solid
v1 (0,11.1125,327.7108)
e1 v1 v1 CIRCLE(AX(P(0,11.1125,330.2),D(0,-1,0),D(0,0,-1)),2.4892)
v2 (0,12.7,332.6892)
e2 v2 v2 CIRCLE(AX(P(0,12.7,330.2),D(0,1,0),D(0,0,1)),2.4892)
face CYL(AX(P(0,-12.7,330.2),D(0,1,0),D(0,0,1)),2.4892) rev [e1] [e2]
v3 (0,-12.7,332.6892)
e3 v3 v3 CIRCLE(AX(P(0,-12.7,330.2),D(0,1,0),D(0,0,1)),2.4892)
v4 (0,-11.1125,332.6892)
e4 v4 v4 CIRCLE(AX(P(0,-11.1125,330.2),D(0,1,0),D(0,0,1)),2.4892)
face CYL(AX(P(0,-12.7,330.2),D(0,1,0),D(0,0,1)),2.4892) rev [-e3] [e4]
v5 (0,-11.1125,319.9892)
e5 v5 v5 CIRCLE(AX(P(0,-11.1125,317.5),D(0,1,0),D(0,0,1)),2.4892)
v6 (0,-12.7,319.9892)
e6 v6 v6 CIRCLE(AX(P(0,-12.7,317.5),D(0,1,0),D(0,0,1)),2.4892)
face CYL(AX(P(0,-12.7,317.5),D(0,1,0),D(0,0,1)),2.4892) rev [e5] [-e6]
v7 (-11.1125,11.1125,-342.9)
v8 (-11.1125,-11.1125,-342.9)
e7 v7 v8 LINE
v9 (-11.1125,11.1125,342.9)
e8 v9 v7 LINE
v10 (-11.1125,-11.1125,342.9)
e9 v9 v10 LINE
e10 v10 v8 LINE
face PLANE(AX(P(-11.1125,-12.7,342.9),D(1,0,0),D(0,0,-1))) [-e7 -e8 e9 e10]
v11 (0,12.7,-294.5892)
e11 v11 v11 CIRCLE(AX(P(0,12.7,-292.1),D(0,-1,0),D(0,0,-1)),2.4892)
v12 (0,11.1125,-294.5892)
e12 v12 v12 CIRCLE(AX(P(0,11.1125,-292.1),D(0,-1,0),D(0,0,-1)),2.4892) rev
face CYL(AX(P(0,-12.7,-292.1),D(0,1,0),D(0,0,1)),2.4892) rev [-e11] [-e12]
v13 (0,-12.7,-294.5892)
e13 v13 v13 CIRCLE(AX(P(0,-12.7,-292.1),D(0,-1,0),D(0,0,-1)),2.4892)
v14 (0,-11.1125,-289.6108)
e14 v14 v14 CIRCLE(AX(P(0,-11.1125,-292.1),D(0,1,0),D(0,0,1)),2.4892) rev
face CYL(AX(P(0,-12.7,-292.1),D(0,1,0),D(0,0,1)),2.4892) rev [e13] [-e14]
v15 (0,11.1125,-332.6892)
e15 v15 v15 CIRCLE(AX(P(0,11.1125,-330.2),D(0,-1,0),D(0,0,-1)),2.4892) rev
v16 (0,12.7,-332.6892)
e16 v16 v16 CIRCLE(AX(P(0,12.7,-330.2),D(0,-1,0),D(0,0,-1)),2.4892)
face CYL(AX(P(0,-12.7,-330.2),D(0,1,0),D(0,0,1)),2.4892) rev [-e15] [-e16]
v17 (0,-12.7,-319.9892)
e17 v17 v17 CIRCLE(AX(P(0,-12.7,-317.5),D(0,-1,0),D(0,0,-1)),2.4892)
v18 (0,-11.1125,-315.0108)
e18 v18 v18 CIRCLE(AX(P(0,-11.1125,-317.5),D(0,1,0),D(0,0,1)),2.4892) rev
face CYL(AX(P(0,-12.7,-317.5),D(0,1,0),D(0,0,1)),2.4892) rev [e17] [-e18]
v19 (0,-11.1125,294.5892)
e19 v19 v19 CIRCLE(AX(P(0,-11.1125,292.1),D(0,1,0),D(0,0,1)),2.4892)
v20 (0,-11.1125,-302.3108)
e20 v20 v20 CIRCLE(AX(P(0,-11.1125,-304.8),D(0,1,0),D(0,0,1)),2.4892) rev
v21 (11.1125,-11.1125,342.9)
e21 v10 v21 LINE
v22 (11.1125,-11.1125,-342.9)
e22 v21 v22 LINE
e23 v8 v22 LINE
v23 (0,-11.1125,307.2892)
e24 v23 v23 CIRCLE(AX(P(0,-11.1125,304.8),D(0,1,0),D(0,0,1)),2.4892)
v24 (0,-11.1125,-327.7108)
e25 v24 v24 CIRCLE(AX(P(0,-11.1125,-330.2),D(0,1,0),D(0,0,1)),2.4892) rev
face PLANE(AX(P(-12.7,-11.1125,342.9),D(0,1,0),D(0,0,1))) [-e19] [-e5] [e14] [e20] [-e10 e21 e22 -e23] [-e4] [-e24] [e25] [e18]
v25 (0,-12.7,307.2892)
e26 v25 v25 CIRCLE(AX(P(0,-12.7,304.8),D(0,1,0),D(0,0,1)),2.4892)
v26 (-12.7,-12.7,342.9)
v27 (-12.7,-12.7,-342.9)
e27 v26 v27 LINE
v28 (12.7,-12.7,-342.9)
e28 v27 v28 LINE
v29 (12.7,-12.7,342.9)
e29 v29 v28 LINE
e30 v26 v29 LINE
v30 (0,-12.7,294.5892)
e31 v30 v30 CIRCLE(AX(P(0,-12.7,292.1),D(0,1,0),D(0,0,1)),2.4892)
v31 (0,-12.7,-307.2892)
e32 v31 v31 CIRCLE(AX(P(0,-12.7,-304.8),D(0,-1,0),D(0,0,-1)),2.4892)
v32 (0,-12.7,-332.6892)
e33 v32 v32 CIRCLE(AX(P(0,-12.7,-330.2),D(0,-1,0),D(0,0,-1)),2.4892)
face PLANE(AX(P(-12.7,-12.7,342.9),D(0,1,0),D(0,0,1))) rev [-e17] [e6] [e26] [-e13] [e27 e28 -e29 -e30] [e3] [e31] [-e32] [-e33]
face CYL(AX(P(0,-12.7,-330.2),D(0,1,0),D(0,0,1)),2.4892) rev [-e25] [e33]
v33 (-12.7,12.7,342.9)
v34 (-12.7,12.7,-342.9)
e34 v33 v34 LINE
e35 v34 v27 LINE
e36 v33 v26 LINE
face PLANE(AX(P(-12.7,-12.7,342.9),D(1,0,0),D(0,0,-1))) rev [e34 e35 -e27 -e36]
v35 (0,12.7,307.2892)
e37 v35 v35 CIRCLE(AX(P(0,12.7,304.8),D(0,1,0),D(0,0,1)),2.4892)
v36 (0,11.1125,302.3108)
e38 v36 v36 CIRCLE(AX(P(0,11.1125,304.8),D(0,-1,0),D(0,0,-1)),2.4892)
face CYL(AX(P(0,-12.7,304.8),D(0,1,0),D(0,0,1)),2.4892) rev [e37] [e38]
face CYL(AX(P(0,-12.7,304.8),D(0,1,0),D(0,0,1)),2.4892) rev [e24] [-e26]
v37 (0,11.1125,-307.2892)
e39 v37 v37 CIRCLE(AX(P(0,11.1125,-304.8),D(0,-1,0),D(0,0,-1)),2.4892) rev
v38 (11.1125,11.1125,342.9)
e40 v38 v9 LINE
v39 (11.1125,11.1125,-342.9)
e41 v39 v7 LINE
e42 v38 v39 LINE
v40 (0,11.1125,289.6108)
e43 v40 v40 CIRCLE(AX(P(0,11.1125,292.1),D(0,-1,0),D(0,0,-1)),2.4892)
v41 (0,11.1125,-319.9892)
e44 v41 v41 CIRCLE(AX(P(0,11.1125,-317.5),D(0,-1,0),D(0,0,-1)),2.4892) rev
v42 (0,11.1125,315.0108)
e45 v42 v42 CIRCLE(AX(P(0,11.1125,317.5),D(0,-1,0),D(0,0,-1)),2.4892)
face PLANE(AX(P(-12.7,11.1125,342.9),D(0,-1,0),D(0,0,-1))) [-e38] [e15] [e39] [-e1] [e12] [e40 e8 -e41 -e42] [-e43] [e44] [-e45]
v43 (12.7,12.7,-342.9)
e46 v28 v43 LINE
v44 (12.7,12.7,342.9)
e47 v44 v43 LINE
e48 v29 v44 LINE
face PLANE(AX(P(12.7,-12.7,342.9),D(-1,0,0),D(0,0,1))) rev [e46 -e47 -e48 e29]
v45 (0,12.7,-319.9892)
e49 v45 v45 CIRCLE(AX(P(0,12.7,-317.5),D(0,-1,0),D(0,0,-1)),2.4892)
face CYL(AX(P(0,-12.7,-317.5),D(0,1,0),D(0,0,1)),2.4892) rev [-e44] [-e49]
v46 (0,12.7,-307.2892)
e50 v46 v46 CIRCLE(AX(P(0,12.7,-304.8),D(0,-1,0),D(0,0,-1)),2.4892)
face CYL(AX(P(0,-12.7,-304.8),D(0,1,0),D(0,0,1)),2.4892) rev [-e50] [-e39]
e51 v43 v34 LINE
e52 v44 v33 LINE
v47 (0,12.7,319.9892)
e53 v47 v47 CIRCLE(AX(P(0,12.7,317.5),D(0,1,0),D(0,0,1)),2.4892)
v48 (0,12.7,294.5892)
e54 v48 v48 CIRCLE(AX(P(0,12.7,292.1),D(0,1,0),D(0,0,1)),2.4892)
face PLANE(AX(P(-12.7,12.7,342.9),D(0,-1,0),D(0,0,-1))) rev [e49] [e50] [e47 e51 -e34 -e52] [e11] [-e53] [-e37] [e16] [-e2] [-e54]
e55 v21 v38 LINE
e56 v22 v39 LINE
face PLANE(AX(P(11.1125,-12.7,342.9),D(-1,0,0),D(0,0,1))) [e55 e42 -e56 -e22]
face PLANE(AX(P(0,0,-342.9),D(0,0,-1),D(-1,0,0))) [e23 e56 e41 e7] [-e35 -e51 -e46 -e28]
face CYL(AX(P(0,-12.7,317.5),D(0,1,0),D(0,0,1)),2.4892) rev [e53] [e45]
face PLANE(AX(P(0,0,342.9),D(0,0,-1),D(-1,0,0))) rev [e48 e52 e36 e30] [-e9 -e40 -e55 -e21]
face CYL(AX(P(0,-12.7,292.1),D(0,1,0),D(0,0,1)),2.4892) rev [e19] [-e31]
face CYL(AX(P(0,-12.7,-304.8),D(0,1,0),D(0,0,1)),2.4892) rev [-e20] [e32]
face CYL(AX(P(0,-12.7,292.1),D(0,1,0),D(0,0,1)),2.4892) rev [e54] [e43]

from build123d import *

# Parameters (mm, degrees)
SKETCH1_W           = 25.4
SKETCH1_H           = 25.4
BOSS_EXTRUDE1_DEPTH = 342.9
SHELL1_T            = -1.5875
SKETCH2_R           = 2.4892
CUT_EXTRUDE1_DEPTH  = 344.370048199


with BuildPart() as part:
    # Sketch1 → Boss-Extrude1 (new, symmetric)
    with BuildSketch(Plane.XY):
        Rectangle(SKETCH1_W, SKETCH1_H)
    extrude(amount=BOSS_EXTRUDE1_DEPTH, both=True)

    # Shell1
    shell1_openings = [part.faces().sort_by_distance(p)[0] for p in [
        (0, 0, 342.9),
        (0, 0, -342.9),
    ]]
    offset(amount=SHELL1_T, openings=shell1_openings, kind=Kind.INTERSECTION)

    # Sketch2 → Cut-Extrude1 (cut, symmetric)
    with BuildSketch(Plane(origin=(0, 0, 0), x_dir=(1, 0, 0), z_dir=(0, 1, 0))):
        with Locations(Location((0, -330.2, 0), (0, 0, 270))):
            Circle(SKETCH2_R)
        with Locations(Location((0, -317.5, 0), (0, 0, 270))):
            Circle(SKETCH2_R)
        with Locations(Location((0, -304.8, 0), (0, 0, 270))):
            Circle(SKETCH2_R)
        with Locations(Location((0, -292.1, 0), (0, 0, 270))):
            Circle(SKETCH2_R)
    cut_extrude1 = extrude(amount=CUT_EXTRUDE1_DEPTH, both=True, mode=Mode.SUBTRACT)

    # Mirror1: Cut-Extrude1 across plane
    add(cut_extrude1.mirror(Plane.XY), mode=Mode.SUBTRACT)


solid = part.part
